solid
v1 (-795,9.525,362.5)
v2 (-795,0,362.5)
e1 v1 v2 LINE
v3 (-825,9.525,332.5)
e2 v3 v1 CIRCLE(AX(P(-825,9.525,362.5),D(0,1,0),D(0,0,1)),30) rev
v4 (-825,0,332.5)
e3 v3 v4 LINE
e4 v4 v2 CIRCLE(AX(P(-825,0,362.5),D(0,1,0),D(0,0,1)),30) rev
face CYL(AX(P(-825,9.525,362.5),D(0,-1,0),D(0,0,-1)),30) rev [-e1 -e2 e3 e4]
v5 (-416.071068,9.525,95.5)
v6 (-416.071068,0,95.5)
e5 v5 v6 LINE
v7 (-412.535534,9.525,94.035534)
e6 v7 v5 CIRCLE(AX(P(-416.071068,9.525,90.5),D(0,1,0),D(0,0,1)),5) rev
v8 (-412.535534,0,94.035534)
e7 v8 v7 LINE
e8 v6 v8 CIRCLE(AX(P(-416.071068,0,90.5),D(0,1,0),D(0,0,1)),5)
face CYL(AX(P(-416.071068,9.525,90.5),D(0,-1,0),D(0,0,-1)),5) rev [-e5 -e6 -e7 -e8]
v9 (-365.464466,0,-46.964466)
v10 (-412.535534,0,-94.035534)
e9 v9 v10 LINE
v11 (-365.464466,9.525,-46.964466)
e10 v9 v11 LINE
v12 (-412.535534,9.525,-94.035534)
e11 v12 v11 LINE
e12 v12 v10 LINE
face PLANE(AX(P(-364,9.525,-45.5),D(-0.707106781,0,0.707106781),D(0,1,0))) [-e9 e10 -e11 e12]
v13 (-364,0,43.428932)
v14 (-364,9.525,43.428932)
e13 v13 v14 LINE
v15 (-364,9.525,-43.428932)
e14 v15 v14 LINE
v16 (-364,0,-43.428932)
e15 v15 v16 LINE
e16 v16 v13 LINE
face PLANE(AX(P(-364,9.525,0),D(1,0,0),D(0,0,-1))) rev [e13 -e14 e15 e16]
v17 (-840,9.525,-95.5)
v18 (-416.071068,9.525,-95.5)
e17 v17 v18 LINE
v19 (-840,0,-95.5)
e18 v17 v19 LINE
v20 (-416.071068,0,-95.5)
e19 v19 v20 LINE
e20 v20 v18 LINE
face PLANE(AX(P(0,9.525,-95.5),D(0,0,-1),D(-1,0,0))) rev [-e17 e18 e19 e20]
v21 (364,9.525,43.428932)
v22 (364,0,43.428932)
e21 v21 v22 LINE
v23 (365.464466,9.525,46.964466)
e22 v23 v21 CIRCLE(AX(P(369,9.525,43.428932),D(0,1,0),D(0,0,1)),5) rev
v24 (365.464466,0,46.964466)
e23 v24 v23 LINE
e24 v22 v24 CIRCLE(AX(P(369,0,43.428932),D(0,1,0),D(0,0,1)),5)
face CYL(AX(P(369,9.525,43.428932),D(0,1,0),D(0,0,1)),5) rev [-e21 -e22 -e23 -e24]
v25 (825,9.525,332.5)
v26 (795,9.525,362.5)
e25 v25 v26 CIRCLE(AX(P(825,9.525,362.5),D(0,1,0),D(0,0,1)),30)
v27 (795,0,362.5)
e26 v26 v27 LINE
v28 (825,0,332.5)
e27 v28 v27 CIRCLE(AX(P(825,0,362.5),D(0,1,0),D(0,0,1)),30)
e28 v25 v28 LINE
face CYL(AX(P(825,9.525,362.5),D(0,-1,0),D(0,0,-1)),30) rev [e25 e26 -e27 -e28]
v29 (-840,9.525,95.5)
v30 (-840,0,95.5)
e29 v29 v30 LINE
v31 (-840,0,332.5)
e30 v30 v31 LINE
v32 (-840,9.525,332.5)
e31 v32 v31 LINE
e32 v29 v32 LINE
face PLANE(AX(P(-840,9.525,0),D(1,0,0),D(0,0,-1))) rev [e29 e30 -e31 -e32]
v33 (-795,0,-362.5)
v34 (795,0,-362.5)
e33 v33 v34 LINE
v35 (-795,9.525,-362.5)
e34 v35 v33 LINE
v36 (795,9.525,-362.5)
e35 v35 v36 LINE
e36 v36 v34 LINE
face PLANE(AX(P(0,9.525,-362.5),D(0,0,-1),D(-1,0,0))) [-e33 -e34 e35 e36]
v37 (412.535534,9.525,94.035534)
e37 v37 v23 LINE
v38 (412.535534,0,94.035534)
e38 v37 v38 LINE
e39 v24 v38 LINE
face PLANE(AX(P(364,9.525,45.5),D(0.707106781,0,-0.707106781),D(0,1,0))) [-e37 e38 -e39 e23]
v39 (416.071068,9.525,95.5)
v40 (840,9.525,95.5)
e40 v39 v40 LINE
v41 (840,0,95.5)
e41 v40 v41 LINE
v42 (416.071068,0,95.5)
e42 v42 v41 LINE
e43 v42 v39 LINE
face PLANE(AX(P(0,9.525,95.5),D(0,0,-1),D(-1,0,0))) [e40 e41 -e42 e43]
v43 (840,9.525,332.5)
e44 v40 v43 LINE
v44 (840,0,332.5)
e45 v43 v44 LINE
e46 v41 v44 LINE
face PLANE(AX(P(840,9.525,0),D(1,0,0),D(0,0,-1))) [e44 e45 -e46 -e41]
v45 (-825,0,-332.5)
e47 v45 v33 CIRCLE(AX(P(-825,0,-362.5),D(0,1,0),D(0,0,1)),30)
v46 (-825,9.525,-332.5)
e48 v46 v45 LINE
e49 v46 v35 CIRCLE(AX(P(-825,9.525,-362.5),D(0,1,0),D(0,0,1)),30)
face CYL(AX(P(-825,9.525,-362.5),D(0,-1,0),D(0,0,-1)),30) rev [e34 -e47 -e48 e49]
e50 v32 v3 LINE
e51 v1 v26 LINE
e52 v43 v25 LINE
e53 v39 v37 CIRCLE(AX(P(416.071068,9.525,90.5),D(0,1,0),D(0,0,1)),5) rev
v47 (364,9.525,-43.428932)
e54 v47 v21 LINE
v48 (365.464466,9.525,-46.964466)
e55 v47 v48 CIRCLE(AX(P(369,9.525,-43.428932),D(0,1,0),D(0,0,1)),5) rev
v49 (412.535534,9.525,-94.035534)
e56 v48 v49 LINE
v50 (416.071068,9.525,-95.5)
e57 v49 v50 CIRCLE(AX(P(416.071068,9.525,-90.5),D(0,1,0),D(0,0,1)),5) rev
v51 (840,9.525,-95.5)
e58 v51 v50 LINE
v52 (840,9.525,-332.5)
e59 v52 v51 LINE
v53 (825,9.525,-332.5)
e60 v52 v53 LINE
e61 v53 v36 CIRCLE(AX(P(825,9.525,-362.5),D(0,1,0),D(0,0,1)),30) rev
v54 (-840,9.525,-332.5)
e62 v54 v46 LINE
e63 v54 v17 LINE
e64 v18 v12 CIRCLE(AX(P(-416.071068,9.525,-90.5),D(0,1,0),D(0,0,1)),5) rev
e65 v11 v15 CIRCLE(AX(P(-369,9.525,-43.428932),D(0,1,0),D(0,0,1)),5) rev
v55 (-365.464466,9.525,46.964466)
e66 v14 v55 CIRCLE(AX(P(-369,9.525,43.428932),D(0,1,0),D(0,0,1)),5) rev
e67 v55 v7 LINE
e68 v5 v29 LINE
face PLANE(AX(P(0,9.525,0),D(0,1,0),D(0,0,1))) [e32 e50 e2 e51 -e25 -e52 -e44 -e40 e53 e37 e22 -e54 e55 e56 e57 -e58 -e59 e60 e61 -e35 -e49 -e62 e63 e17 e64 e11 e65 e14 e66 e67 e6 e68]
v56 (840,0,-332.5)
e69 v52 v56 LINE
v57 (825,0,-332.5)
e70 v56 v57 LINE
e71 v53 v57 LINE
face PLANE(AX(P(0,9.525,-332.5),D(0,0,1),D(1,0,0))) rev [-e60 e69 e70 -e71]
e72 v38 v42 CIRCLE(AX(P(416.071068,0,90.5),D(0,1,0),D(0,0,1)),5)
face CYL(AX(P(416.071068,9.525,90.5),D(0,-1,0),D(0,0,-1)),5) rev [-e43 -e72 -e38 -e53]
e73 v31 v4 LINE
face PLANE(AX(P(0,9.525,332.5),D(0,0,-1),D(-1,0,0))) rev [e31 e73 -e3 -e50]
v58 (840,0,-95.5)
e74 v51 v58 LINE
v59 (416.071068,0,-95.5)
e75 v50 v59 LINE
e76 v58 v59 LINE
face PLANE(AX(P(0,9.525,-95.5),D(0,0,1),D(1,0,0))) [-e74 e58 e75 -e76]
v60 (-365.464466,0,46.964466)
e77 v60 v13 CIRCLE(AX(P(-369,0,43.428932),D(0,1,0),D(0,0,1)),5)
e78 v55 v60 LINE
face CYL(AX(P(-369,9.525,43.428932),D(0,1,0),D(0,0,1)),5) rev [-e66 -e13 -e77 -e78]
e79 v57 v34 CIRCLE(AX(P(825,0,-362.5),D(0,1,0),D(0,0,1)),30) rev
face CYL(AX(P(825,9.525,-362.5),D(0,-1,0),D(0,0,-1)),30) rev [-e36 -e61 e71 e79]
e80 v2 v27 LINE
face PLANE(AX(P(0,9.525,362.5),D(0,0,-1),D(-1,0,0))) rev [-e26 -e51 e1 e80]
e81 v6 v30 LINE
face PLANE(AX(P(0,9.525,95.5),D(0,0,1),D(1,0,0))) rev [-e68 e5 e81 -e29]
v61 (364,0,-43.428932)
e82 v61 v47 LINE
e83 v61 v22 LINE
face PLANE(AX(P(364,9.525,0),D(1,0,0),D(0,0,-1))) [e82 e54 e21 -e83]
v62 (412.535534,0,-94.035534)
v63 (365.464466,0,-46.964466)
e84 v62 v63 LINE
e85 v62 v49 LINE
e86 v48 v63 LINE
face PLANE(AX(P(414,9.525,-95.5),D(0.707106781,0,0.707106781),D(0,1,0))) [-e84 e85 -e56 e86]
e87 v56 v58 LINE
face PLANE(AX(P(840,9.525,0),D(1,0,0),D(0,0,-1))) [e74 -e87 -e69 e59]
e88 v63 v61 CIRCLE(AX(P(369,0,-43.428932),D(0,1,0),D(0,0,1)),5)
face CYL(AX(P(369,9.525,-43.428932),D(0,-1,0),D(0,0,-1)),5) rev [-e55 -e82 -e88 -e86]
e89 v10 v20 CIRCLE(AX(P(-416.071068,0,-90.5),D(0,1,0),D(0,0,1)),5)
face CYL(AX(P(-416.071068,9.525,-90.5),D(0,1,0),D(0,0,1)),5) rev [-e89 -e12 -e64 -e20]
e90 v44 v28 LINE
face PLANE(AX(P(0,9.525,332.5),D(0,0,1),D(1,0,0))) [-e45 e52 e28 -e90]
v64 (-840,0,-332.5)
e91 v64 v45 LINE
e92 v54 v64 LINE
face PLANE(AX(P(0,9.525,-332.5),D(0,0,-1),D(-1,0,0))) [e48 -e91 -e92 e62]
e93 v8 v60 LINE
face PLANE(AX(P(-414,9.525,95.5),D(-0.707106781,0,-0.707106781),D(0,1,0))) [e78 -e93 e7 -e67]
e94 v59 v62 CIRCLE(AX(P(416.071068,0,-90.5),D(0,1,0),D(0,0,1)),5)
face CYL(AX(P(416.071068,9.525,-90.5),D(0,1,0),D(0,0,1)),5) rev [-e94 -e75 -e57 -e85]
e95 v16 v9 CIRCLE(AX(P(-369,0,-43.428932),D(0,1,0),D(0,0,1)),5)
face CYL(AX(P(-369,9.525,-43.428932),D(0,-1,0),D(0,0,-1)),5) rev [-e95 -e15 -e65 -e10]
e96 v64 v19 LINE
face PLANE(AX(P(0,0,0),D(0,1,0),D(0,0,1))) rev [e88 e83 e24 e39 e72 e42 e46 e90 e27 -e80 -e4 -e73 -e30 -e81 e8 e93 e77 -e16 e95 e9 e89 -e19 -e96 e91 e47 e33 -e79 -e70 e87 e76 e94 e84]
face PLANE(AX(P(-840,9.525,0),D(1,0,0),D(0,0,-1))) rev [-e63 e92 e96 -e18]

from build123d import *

# Parameters (mm, degrees)
BOSS_EXTRUDE1_DEPTH = 9.525
CHAMFER1_SIZE       = 50
FILLET2_R           = 5


with BuildPart() as part:
    # Sketch1 → Boss-Extrude1 (new body)
    with BuildSketch(Plane(origin=(0, 0, 0), x_dir=(1, 0, 0), z_dir=(0, 1, 0))):
        with BuildLine():
            Line((-840, 332.5), (-840, 95.5))
            Line((-840, 95.5), (-364, 95.5))
            Line((-364, 95.5), (-364, -95.5))
            Line((-364, -95.5), (-840, -95.5))
            Line((-840, -95.5), (-840, -332.5))
            Line((-840, -332.5), (-825, -332.5))
            ThreePointArc((-825, -332.5), (-803.786796564, -341.286796564), (-795, -362.5))
            Line((-795, -362.5), (795, -362.5))
            ThreePointArc((795, -362.5), (803.786796564, -341.286796564), (825, -332.5))
            Line((825, -332.5), (840, -332.5))
            Line((840, -332.5), (840, -95.5))
            Line((840, -95.5), (364, -95.5))
            Line((364, -95.5), (364, 95.5))
            Line((364, 95.5), (840, 95.5))
            Line((840, 95.5), (840, 332.5))
            Line((840, 332.5), (825, 332.5))
            ThreePointArc((825, 332.5), (803.786796564, 341.286796564), (795, 362.5))
            Line((795, 362.5), (-795, 362.5))
            ThreePointArc((-795, 362.5), (-803.786796564, 341.286796564), (-825, 332.5))
            Line((-825, 332.5), (-840, 332.5))
        make_face()
    extrude(amount=BOSS_EXTRUDE1_DEPTH)

    # Chamfer1
    chamfer1_edges = [part.edges().sort_by_distance(p)[0] for p in [
        (-364, 4.7625, 95.5),
        (-364, 4.7625, -95.5),
        (364, 4.7625, -95.5),
        (364, 4.7625, 95.5),
    ]]
    chamfer(chamfer1_edges, length=CHAMFER1_SIZE)

    # Fillet2
    fillet2_edges = [part.edges().sort_by_distance(p)[0] for p in [
        (364, 4.7625, -45.5),
        (364, 4.7625, 45.5),
        (414, 4.7625, 95.5),
        (414, 4.7625, -95.5),
        (-414, 4.7625, 95.5),
        (-364, 4.7625, -45.5),
        (-364, 4.7625, 45.5),
        (-414, 4.7625, -95.5),
    ]]
    fillet(fillet2_edges, radius=FILLET2_R)


solid = part.part
